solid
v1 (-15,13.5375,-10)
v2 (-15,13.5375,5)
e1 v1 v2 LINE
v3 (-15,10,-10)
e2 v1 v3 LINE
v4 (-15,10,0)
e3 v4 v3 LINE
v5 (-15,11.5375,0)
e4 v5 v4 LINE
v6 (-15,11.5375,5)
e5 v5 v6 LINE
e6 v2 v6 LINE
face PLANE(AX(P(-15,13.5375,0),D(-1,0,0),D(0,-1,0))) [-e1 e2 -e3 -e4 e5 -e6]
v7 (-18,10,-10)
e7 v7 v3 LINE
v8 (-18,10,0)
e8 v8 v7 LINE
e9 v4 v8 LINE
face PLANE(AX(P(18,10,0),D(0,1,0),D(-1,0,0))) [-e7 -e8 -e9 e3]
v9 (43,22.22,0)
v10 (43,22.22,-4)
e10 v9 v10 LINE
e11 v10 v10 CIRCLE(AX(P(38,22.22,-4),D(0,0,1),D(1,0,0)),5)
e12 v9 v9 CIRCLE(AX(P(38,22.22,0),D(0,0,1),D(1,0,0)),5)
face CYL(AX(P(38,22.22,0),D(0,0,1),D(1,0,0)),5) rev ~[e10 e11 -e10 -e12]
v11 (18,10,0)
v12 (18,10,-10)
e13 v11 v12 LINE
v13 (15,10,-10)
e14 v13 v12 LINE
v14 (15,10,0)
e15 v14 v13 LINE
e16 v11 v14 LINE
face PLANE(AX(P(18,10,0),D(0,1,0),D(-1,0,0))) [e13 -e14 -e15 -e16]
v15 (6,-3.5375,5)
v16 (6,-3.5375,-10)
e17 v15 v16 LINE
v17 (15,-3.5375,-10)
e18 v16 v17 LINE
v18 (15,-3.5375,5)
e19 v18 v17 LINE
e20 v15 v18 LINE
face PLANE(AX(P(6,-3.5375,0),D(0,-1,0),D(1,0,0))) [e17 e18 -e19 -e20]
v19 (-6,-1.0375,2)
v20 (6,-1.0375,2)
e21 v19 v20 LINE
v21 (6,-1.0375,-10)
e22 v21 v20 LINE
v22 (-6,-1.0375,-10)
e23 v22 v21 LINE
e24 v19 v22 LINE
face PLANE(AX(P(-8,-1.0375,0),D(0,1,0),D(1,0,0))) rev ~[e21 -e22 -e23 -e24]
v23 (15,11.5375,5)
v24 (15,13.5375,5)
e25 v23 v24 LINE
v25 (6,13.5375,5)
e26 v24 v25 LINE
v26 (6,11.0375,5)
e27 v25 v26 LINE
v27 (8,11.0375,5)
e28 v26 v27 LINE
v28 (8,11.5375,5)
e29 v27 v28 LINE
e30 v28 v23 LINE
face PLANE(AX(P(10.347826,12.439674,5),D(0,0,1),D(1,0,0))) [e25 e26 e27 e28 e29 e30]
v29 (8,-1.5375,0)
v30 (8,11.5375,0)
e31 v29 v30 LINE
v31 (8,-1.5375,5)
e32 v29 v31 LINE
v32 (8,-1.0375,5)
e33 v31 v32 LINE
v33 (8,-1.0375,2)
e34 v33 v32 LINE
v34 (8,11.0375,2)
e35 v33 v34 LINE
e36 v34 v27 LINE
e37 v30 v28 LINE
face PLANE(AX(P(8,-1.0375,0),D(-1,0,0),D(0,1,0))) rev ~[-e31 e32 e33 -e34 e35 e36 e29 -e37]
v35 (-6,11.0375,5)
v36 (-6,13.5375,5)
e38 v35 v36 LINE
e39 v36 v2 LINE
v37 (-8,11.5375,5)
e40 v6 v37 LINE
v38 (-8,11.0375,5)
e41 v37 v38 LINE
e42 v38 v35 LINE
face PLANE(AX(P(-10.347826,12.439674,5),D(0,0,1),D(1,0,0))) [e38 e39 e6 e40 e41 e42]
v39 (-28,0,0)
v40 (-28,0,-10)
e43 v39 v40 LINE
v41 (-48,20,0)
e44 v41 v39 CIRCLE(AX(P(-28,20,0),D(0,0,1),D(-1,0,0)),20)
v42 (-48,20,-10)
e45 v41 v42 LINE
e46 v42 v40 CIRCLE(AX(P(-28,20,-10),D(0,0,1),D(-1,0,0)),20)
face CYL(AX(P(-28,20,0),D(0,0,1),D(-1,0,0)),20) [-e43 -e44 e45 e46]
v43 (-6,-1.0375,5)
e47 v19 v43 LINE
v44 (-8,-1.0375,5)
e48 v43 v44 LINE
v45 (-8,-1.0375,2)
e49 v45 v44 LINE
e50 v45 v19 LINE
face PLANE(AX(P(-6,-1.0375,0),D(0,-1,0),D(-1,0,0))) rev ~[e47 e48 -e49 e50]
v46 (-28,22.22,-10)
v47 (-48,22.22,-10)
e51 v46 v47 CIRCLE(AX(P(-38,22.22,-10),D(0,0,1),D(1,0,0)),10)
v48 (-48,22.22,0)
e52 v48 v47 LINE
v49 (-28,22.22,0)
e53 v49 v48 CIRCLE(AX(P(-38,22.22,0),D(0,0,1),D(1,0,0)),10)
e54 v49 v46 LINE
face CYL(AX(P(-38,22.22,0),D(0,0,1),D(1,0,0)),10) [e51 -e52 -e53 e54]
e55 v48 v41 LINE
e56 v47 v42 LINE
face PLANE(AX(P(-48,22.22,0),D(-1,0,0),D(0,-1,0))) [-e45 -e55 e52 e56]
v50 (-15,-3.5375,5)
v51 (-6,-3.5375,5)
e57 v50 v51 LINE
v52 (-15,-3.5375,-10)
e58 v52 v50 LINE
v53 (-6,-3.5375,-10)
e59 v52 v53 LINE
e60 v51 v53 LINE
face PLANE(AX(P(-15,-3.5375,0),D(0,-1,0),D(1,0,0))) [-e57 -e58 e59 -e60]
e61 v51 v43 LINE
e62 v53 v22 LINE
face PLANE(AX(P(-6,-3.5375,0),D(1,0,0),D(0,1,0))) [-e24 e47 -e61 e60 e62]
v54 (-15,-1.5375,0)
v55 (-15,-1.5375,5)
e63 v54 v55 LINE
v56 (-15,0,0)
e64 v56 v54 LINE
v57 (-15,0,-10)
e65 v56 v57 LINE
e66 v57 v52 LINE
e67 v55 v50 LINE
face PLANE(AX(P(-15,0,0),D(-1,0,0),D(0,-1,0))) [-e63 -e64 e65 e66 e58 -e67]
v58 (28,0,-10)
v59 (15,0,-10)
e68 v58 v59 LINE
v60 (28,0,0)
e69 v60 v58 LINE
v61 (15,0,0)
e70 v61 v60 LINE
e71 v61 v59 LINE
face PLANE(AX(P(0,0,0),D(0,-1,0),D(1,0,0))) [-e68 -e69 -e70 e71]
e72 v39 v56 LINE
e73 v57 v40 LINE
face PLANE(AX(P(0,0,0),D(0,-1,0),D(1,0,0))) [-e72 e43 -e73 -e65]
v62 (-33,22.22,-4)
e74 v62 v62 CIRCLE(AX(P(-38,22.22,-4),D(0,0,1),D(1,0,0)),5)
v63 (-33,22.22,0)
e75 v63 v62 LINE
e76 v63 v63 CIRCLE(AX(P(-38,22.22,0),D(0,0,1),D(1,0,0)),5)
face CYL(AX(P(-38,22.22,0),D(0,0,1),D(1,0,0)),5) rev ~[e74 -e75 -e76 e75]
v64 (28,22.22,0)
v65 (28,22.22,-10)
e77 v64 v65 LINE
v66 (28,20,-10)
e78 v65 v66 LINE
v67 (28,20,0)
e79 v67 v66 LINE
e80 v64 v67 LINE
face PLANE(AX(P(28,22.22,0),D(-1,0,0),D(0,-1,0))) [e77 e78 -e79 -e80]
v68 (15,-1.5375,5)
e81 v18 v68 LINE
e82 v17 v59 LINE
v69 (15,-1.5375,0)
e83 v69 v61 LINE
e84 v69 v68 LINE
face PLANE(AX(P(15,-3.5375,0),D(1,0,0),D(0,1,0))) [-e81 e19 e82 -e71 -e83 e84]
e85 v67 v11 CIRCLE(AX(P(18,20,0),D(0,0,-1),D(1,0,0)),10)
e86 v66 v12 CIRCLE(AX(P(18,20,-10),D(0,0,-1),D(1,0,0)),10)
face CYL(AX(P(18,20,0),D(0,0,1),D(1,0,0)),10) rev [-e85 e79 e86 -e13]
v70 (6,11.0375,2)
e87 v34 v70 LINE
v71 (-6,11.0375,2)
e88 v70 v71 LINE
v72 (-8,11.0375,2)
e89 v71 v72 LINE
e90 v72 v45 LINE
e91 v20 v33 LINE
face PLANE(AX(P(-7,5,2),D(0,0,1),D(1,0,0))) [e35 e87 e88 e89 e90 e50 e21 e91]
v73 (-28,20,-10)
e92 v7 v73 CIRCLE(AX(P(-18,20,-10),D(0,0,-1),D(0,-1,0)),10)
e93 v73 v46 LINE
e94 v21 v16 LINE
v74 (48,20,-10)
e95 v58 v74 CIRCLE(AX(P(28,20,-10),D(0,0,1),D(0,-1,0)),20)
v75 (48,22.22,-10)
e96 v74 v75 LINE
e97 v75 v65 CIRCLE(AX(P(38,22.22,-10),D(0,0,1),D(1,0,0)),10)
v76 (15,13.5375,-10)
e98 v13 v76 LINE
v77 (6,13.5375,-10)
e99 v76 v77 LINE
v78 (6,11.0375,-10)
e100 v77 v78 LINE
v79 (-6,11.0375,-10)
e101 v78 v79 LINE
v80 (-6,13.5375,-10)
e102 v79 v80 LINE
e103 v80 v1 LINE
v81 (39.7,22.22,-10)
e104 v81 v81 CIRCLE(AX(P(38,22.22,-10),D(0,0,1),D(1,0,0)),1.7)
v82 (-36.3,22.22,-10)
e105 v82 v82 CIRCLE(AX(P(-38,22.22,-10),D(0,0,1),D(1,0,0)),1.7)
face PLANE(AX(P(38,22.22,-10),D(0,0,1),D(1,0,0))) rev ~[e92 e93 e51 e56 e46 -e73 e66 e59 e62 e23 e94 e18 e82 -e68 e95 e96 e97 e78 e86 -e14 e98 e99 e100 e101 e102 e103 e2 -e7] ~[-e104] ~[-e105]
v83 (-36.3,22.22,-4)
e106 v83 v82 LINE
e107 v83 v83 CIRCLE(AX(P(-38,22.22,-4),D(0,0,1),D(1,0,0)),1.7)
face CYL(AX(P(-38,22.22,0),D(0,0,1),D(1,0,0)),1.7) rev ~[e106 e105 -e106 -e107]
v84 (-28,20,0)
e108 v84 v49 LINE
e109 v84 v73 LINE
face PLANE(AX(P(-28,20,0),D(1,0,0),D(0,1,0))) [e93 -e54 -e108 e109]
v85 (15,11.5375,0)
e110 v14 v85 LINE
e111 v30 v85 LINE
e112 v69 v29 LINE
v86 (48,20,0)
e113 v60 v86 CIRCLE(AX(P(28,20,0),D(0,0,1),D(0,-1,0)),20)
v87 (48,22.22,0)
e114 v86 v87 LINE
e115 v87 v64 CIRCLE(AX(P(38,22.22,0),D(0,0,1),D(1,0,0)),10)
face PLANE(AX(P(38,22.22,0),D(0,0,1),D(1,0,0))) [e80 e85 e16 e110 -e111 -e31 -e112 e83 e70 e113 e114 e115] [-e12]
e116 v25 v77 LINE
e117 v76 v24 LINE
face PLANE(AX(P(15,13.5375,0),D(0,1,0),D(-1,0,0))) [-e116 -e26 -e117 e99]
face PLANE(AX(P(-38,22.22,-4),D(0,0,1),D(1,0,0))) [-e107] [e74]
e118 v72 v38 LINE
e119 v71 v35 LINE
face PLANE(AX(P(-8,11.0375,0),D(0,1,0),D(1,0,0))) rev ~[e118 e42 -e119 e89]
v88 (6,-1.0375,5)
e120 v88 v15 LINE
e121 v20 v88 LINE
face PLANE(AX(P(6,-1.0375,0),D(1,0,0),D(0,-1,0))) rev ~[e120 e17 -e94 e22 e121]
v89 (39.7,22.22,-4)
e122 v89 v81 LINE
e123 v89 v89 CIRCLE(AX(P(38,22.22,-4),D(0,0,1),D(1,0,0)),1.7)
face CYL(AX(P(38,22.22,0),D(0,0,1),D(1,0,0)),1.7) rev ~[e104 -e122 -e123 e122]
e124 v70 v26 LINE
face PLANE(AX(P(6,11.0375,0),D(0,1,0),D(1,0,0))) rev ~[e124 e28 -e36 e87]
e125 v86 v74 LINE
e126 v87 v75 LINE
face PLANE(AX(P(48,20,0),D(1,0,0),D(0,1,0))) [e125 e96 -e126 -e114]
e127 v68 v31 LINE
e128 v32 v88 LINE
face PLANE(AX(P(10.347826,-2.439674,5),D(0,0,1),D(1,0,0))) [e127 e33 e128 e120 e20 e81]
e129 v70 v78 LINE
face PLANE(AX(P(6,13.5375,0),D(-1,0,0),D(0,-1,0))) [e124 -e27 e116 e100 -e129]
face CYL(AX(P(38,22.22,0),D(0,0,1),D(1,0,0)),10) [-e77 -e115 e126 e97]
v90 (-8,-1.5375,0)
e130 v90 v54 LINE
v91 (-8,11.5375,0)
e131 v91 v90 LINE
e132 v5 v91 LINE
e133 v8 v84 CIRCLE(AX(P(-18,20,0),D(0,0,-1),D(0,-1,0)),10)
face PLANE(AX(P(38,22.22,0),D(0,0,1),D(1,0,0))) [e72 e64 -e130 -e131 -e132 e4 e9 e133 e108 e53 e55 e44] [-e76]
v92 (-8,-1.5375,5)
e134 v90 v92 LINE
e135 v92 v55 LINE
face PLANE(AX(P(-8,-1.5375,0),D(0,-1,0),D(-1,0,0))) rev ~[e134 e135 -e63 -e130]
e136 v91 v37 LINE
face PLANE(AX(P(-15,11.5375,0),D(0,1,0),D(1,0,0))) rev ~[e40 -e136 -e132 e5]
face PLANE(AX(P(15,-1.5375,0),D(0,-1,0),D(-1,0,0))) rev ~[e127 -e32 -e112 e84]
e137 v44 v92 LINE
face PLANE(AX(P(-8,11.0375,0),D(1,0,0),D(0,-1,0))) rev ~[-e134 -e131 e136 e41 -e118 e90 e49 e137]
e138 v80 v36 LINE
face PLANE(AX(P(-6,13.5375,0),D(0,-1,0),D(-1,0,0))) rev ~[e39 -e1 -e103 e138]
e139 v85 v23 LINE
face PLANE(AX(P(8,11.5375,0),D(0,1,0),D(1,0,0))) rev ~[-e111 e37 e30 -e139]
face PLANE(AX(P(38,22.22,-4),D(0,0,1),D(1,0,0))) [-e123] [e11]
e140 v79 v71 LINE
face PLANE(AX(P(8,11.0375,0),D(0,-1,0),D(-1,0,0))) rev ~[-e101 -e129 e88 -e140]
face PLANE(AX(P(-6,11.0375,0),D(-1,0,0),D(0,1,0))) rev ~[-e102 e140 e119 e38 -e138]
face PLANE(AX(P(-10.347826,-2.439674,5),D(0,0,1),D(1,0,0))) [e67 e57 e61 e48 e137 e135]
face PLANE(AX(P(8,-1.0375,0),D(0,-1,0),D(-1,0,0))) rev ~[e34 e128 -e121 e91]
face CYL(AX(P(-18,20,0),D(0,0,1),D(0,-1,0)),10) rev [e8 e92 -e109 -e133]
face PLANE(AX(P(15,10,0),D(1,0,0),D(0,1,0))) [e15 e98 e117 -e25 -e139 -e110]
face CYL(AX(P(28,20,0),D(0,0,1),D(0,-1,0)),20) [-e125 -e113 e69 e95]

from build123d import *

# Parameters (mm, degrees)
SKETCH1_R           = 5
SKETCH1_R_2         = 1.7
BOSS_EXTRUDE1_DEPTH = 10
SKETCH1_4_R         = 5
SKETCH1_4_R_2       = 1.7
CUT_EXTRUDE1_DEPTH  = 4
SKETCH3_W           = 6
SKETCH3_H           = 1.0375
SKETCH3_W_2         = 2
BOSS_EXTRUDE2_DEPTH = 10
BOSS_EXTRUDE3_DEPTH = 5
SKETCH3_4_W         = 2
SKETCH3_4_H         = 10
SKETCH3_4_W_2       = 6
SKETCH3_4_H_2       = 1.0375
BOSS_EXTRUDE4_DEPTH = 2


with BuildPart() as part:
    # Sketch1 → Boss-Extrude1 (new body)
    # profile 1 of 4: a face of its own
    with BuildSketch(Plane.XY):
        with BuildLine():
            Line((-48, 22.22), (-48, 20))
            ThreePointArc((-48, 20), (-42.142135624, 5.857864376), (-28, 0))
            Line((-28, 0), (0, 0))
            Line((0, 0), (0, 10))
            Line((0, 10), (-18, 10))
            ThreePointArc((-18, 10), (-25.071067812, 12.928932188), (-28, 20))
            Line((-28, 20), (-28, 22.22))
            ThreePointArc((-28, 22.22), (-38, 32.22), (-48, 22.22))
        make_face()
        with Locations((-38, 22.22)):
            Circle(SKETCH1_R, mode=Mode.SUBTRACT)
    # profile 2 of 4: a face of its own
    with BuildSketch(Plane.XY):
        with Locations((-38, 22.22)):
            Circle(SKETCH1_R)
        with Locations((-38, 22.22)):
            Circle(SKETCH1_R_2, mode=Mode.SUBTRACT)
    # profile 3 of 4: a face of its own
    with BuildSketch(Plane.XY):
        with BuildLine():
            Line((0, 10), (0, 0))
            Line((0, 0), (28, 0))
            ThreePointArc((28, 0), (42.142135624, 5.857864376), (48, 20))
            Line((48, 20), (48, 22.22))
            ThreePointArc((48, 22.22), (38, 32.22), (28, 22.22))
            Line((28, 22.22), (28, 20))
            ThreePointArc((28, 20), (25.071067812, 12.928932188), (18, 10))
            Line((18, 10), (0, 10))
        make_face()
        with Locations((38, 22.22)):
            Circle(SKETCH1_R, mode=Mode.SUBTRACT)
    # profile 4 of 4: a face of its own
    with BuildSketch(Plane.XY):
        with Locations((38, 22.22)):
            Circle(SKETCH1_R)
        with Locations((38, 22.22)):
            Circle(SKETCH1_R_2, mode=Mode.SUBTRACT)
    extrude(amount=-BOSS_EXTRUDE1_DEPTH)

    # Sketch1<4> → Cut-Extrude1 (cut)
    # profile 1 of 2: a face of its own
    with BuildSketch(Plane.XY):
        with Locations((-38, 22.22)):
            Circle(SKETCH1_4_R)
        with Locations((-38, 22.22)):
            Circle(SKETCH1_4_R_2, mode=Mode.SUBTRACT)
    # profile 2 of 2: a face of its own
    with BuildSketch(Plane.XY):
        with Locations((38, 22.22)):
            Circle(SKETCH1_4_R)
        with Locations((38, 22.22)):
            Circle(SKETCH1_4_R_2, mode=Mode.SUBTRACT)
    extrude(amount=-CUT_EXTRUDE1_DEPTH, mode=Mode.SUBTRACT)

    # Sketch3 → Boss-Extrude2 (add, through all)
    with BuildSketch(Plane.XY):
        with Locations((-3, 10.51875)):
            Rectangle(SKETCH3_W, SKETCH3_H)
        with Locations((3, 10.51875)):
            Rectangle(SKETCH3_W, SKETCH3_H)
        with Locations((-3, -0.51875)):
            Rectangle(SKETCH3_W, SKETCH3_H)
        with Locations((3, -0.51875)):
            Rectangle(SKETCH3_W, SKETCH3_H)
        with Locations((-7, 10.51875)):
            Rectangle(SKETCH3_W_2, SKETCH3_H)
        Polygon((-15, 10), (-8, 10), (-8, 11.0375), (-8, 11.5375), (-15, 11.5375), align=None)
        Polygon((-8, 11.0375), (-6, 11.0375), (-6, 13.5375), (-15, 13.5375), (-15, 11.5375), (-8, 11.5375), align=None)
        Polygon((-6, -3.5375), (-6, -1.0375), (-8, -1.0375), (-8, -1.5375), (-15, -1.5375), (-15, -3.5375), align=None)
        with Locations((-7, -0.51875)):
            Rectangle(SKETCH3_W_2, SKETCH3_H)
        with Locations((7, -0.51875)):
            Rectangle(SKETCH3_W_2, SKETCH3_H)
        Polygon((8, -1.0375), (6, -1.0375), (6, -3.5375), (15, -3.5375), (15, -1.5375), (8, -1.5375), align=None)
        Polygon((8, 0), (8, -1.0375), (8, -1.5375), (15, -1.5375), (15, 0), align=None)
        Polygon((8, 11.0375), (8, 10), (15, 10), (15, 11.5375), (8, 11.5375), align=None)
        with Locations((7, 10.51875)):
            Rectangle(SKETCH3_W_2, SKETCH3_H)
        Polygon((6, 13.5375), (6, 11.0375), (8, 11.0375), (8, 11.5375), (15, 11.5375), (15, 13.5375), align=None)
        Polygon((-8, -1.5375), (-8, -1.0375), (-8, 0), (-15, 0), (-15, -1.5375), align=None)
    extrude(amount=-BOSS_EXTRUDE2_DEPTH)

    # Sketch3<3> → Boss-Extrude3 (add)
    with BuildSketch(Plane.XY):
        Polygon((-8, 11.0375), (-6, 11.0375), (-6, 13.5375), (-15, 13.5375), (-15, 11.5375), (-8, 11.5375), align=None)
        Polygon((-6, -3.5375), (-6, -1.0375), (-8, -1.0375), (-8, -1.5375), (-15, -1.5375), (-15, -3.5375), align=None)
        Polygon((8, -1.0375), (6, -1.0375), (6, -3.5375), (15, -3.5375), (15, -1.5375), (8, -1.5375), align=None)
        Polygon((6, 13.5375), (6, 11.0375), (8, 11.0375), (8, 11.5375), (15, 11.5375), (15, 13.5375), align=None)
    extrude(amount=BOSS_EXTRUDE3_DEPTH)

    # Sketch3<4> → Boss-Extrude4 (add)
    with BuildSketch(Plane.XY):
        with Locations((-7, 5)):
            Rectangle(SKETCH3_4_W, SKETCH3_4_H)
        with Locations((-3, 5)):
            Rectangle(SKETCH3_4_W_2, SKETCH3_4_H)
        with Locations((7, 5)):
            Rectangle(SKETCH3_4_W, SKETCH3_4_H)
        with Locations((3, 5)):
            Rectangle(SKETCH3_4_W_2, SKETCH3_4_H)
        with Locations((3, 10.51875)):
            Rectangle(SKETCH3_4_W_2, SKETCH3_4_H_2)
        with Locations((7, 10.51875)):
            Rectangle(SKETCH3_4_W, SKETCH3_4_H_2)
        with Locations((-3, 10.51875)):
            Rectangle(SKETCH3_4_W_2, SKETCH3_4_H_2)
        with Locations((-7, 10.51875)):
            Rectangle(SKETCH3_4_W, SKETCH3_4_H_2)
        with Locations((-7, -0.51875)):
            Rectangle(SKETCH3_4_W, SKETCH3_4_H_2)
        with Locations((-3, -0.51875)):
            Rectangle(SKETCH3_4_W_2, SKETCH3_4_H_2)
        with Locations((3, -0.51875)):
            Rectangle(SKETCH3_4_W_2, SKETCH3_4_H_2)
        with Locations((7, -0.51875)):
            Rectangle(SKETCH3_4_W, SKETCH3_4_H_2)
    extrude(amount=BOSS_EXTRUDE4_DEPTH)


solid = part.part
